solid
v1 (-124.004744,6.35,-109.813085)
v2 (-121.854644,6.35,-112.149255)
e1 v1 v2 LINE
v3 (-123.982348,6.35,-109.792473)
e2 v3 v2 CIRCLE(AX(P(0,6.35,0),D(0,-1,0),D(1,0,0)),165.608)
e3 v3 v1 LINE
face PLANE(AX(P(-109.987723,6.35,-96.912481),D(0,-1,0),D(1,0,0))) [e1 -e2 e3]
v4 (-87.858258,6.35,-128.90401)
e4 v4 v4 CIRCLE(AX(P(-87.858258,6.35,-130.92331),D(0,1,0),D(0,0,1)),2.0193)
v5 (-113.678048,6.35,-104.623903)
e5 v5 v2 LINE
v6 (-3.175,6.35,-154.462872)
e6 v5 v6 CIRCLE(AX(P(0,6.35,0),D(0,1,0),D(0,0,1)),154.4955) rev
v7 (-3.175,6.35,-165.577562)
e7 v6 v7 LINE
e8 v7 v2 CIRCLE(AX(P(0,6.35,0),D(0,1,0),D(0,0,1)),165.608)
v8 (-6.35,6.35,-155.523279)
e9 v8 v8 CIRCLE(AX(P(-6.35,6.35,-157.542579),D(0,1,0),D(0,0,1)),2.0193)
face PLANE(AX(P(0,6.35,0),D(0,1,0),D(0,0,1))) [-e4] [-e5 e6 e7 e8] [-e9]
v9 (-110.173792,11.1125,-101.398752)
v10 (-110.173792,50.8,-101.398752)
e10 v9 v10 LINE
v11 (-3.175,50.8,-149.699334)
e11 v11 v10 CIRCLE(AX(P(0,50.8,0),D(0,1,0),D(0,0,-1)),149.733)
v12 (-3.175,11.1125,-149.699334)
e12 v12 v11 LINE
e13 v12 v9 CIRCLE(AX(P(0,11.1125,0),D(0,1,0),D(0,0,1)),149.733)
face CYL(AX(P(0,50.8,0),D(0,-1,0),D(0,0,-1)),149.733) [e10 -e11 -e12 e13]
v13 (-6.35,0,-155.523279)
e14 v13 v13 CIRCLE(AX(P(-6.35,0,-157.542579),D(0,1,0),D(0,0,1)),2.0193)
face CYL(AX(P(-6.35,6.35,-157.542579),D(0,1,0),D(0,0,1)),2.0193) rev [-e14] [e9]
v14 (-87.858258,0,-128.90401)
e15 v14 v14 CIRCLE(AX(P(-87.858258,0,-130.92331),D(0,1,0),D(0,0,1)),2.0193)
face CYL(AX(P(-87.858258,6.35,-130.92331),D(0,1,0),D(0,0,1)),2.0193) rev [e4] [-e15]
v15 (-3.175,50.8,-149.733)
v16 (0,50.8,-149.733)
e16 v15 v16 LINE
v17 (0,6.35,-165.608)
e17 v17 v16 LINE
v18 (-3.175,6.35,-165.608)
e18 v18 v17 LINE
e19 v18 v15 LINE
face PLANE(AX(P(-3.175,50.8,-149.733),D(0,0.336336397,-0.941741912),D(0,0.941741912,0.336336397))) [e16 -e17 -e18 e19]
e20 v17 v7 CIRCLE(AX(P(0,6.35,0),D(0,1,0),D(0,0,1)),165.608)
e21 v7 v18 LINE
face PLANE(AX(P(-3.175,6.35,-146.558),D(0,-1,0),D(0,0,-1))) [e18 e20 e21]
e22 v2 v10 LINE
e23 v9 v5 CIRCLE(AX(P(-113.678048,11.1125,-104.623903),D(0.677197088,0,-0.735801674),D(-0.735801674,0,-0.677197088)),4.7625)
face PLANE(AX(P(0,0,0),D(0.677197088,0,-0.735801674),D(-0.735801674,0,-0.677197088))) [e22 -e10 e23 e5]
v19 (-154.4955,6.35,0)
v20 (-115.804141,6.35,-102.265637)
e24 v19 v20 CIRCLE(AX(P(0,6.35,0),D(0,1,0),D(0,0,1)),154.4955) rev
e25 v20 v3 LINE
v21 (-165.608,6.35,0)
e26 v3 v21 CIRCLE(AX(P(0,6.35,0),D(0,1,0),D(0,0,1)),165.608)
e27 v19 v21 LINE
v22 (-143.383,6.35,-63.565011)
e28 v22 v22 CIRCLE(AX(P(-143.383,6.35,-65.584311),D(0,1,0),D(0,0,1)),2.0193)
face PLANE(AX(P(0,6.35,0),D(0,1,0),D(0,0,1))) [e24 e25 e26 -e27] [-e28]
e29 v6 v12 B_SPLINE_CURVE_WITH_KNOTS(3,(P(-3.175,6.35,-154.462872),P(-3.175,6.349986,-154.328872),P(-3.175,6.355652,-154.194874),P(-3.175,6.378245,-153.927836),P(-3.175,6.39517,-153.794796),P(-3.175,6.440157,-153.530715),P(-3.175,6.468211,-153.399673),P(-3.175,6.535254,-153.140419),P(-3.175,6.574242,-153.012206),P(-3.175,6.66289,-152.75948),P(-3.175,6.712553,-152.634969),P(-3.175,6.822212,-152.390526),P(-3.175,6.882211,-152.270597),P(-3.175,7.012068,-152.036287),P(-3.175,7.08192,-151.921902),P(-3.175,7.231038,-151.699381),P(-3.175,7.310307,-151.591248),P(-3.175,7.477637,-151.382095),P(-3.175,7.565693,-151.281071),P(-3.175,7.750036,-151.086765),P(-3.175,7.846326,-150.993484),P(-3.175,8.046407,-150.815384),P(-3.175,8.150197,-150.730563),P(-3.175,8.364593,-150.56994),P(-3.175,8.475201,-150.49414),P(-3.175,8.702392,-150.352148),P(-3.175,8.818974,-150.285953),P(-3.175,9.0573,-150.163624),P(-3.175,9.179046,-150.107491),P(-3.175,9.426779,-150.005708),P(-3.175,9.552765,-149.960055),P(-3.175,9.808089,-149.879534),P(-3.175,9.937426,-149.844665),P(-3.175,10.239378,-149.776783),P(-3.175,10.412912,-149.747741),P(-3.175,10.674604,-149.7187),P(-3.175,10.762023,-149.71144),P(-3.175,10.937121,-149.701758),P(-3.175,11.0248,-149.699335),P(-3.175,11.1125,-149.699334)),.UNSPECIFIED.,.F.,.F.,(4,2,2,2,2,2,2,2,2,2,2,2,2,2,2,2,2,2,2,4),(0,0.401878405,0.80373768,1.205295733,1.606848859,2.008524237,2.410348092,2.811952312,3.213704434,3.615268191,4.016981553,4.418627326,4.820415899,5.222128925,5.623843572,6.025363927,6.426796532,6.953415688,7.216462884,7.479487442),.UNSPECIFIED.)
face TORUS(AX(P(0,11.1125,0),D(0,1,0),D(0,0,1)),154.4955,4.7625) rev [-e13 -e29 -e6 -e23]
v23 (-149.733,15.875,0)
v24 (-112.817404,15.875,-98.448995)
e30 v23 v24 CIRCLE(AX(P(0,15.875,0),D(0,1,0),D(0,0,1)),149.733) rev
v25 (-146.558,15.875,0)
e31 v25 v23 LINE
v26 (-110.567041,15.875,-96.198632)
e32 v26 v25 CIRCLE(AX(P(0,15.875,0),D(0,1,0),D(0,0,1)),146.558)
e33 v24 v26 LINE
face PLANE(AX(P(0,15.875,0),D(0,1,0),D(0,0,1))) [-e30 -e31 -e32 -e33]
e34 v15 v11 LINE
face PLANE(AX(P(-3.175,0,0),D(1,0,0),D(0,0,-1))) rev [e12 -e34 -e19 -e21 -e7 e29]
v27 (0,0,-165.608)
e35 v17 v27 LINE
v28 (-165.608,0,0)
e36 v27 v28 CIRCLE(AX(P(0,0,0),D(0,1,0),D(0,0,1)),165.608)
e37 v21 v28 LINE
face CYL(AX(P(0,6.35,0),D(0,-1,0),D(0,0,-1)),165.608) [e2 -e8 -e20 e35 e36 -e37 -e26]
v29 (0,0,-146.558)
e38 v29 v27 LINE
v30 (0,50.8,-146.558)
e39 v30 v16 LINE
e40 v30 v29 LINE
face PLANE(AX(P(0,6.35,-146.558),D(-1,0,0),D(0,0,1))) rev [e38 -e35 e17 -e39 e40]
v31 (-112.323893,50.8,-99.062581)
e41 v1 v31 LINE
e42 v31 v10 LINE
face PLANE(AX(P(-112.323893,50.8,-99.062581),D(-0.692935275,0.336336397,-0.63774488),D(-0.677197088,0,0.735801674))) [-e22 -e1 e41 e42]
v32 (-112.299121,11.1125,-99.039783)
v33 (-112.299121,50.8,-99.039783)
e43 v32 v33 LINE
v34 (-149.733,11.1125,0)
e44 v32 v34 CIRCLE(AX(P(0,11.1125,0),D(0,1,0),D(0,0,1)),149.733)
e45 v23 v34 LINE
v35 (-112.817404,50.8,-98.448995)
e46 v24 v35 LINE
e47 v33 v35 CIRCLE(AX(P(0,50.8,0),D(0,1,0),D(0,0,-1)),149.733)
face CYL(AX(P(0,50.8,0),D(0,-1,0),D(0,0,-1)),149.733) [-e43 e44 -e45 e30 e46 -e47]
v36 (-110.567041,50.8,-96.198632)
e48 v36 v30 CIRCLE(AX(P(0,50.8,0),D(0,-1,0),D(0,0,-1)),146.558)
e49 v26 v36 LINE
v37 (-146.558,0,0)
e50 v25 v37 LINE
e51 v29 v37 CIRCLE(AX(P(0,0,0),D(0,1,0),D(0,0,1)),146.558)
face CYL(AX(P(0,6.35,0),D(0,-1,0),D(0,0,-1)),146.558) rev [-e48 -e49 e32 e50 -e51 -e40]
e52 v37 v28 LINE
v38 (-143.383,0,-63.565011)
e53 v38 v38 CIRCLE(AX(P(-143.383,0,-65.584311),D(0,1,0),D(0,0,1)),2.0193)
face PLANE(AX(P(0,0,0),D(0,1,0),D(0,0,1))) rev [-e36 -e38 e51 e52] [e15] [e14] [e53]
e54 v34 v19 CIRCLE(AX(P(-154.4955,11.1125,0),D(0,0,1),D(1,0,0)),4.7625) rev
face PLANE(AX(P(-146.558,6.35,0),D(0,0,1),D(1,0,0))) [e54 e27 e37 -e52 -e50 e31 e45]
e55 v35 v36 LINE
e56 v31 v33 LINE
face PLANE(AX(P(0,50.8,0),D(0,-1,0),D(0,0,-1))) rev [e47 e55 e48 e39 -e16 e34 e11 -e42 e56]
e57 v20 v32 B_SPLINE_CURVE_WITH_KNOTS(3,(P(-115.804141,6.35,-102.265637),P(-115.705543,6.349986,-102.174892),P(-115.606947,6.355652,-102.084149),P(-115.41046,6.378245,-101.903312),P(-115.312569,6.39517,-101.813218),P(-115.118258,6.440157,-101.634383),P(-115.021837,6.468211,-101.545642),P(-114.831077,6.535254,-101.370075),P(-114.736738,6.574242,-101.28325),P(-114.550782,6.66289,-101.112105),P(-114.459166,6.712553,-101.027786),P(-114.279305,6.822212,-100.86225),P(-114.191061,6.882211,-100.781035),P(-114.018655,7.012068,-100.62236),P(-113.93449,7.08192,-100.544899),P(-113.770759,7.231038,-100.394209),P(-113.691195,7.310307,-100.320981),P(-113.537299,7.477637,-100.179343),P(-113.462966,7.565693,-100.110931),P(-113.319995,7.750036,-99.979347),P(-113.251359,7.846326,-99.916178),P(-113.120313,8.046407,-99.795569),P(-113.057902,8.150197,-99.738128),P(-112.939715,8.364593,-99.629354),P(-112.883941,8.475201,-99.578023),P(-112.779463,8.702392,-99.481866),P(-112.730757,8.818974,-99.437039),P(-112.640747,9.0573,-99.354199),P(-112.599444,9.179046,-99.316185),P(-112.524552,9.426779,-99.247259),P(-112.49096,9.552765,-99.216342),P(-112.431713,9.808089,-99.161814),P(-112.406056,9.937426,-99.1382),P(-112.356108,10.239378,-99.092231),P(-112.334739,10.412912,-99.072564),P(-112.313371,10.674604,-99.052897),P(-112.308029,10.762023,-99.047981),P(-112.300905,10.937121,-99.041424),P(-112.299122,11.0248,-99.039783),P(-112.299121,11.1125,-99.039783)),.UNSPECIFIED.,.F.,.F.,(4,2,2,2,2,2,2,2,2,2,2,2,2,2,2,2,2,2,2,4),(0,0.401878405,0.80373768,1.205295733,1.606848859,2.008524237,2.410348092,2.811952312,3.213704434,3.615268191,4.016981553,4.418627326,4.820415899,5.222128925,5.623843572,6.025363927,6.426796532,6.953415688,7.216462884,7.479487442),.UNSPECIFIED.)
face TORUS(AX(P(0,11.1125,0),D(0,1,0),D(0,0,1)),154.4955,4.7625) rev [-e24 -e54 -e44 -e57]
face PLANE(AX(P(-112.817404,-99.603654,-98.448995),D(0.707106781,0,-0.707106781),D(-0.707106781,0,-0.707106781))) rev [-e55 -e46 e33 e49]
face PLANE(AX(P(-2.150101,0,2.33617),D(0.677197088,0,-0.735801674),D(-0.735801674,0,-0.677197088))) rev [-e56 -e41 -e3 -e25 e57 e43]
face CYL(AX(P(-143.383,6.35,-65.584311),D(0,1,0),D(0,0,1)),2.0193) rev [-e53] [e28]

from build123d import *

# Parameters (mm, degrees)
BOSS_EXTRUDE1_DEPTH        = 6.35
BOSS_EXTRUDE2_DEPTH        = 44.45
CUT_EXTRUDE2_DEPTH         = 1
CUT_EXTRUDE2_DEPTH_BACK    = 34.925
F_10_32_TAPPED_HOLE1_D     = 4.0386
F_10_32_TAPPED_HOLE1_DEPTH = 6.35
BOSS_EXTRUDE5_DEPTH        = 3.175
CIRPATTERN1_COUNT          = 2
CIRPATTERN1_ANGLE          = 47.375
FILLET1_R                  = 4.7625


with BuildPart() as part:
    # Sketch1 → Boss-Extrude1 (new body)
    with BuildSketch(Plane(origin=(0, 0, 0), x_dir=(1, 0, 0), z_dir=(0, 1, 0))):
        with BuildLine():
            Line((0, 146.558), (0, 165.608))
            ThreePointArc((0, 165.608), (-117.102539819, 117.102539819), (-165.608, 0))
            Line((-165.608, 0), (-146.558, 0))
            ThreePointArc((-146.558, 0), (-103.632155637, 103.632155637), (0, 146.558))
        make_face()
    extrude(amount=BOSS_EXTRUDE1_DEPTH)

    # Sketch4 → Boss-Extrude2 (add)
    with BuildSketch(Plane(origin=(0, 6.35, 0), x_dir=(1, 0, 0), z_dir=(0, 1, 0))):
        with BuildLine():
            Line((-149.733, 0), (-146.558, 0))
            ThreePointArc((-146.558, 0), (-103.632155637, 103.632155637), (0, 146.558))
            Line((0, 146.558), (0, 149.733))
            ThreePointArc((0, 149.733), (-105.877219667, 105.877219667), (-149.733, 0))
        make_face()
    extrude(amount=BOSS_EXTRUDE2_DEPTH)

    # Sketch5 → Cut-Extrude2 (cut, two sides)
    with BuildSketch(Plane(origin=(0, 50.8, 0), x_dir=(1, 0, 0), z_dir=(0, 1, 0))) as cut_extrude2_sk:
        with BuildLine():
            Line((-146.558, 0), (-149.733, 0))
            ThreePointArc((-149.733, 0), (-140.20067708, 52.57129859), (-112.817404434, 98.448994641))
            Line((-112.817404434, 98.448994641), (-110.567041393, 96.198631599))
            ThreePointArc((-110.567041393, 96.198631599), (-137.265676366, 51.355442319), (-146.558, 0))
        make_face()
    extrude(amount=CUT_EXTRUDE2_DEPTH, mode=Mode.SUBTRACT)
    extrude(cut_extrude2_sk.sketch, amount=-CUT_EXTRUDE2_DEPTH_BACK, mode=Mode.SUBTRACT)

    # #10-32 Tapped Hole1
    with Locations(Plane(origin=(0, 6.35, 0), x_dir=(1, 0, 0), z_dir=(0, 1, 0))):
        with Locations((-6.35, 157.542578595), (-87.858258413, 130.923309609), (-143.383000088, 65.58431105)):
            Hole(F_10_32_TAPPED_HOLE1_D / 2, depth=F_10_32_TAPPED_HOLE1_DEPTH)

    # Sketch9 → Boss-Extrude5 (add)
    with BuildSketch(Plane(origin=(0, 0, 0), x_dir=(0, 0, -1), z_dir=(1, 0, 0))):
        Polygon((149.733, 50.8), (165.608, 6.35), (146.558, 6.35), (146.558, 50.8), align=None)
    boss_extrude5 = extrude(amount=-BOSS_EXTRUDE5_DEPTH)

    # CirPattern1: Boss-Extrude5 ×2 about axis
    cirpattern1_axis = Axis((0, 0, 0), (0, 1, 0))
    for i in range(1, CIRPATTERN1_COUNT):
        add(boss_extrude5.rotate(cirpattern1_axis, i * CIRPATTERN1_ANGLE / (CIRPATTERN1_COUNT - 1)))

    # Fillet1
    fillet1_edges = [part.edges().sort_by_distance(p)[0] for p in [
        (-61.605387238, 6.35, -136.472515739),
        (-140.062228399, 6.35, -52.939054251),
    ]]
    fillet(fillet1_edges, radius=FILLET1_R)


solid = part.part
